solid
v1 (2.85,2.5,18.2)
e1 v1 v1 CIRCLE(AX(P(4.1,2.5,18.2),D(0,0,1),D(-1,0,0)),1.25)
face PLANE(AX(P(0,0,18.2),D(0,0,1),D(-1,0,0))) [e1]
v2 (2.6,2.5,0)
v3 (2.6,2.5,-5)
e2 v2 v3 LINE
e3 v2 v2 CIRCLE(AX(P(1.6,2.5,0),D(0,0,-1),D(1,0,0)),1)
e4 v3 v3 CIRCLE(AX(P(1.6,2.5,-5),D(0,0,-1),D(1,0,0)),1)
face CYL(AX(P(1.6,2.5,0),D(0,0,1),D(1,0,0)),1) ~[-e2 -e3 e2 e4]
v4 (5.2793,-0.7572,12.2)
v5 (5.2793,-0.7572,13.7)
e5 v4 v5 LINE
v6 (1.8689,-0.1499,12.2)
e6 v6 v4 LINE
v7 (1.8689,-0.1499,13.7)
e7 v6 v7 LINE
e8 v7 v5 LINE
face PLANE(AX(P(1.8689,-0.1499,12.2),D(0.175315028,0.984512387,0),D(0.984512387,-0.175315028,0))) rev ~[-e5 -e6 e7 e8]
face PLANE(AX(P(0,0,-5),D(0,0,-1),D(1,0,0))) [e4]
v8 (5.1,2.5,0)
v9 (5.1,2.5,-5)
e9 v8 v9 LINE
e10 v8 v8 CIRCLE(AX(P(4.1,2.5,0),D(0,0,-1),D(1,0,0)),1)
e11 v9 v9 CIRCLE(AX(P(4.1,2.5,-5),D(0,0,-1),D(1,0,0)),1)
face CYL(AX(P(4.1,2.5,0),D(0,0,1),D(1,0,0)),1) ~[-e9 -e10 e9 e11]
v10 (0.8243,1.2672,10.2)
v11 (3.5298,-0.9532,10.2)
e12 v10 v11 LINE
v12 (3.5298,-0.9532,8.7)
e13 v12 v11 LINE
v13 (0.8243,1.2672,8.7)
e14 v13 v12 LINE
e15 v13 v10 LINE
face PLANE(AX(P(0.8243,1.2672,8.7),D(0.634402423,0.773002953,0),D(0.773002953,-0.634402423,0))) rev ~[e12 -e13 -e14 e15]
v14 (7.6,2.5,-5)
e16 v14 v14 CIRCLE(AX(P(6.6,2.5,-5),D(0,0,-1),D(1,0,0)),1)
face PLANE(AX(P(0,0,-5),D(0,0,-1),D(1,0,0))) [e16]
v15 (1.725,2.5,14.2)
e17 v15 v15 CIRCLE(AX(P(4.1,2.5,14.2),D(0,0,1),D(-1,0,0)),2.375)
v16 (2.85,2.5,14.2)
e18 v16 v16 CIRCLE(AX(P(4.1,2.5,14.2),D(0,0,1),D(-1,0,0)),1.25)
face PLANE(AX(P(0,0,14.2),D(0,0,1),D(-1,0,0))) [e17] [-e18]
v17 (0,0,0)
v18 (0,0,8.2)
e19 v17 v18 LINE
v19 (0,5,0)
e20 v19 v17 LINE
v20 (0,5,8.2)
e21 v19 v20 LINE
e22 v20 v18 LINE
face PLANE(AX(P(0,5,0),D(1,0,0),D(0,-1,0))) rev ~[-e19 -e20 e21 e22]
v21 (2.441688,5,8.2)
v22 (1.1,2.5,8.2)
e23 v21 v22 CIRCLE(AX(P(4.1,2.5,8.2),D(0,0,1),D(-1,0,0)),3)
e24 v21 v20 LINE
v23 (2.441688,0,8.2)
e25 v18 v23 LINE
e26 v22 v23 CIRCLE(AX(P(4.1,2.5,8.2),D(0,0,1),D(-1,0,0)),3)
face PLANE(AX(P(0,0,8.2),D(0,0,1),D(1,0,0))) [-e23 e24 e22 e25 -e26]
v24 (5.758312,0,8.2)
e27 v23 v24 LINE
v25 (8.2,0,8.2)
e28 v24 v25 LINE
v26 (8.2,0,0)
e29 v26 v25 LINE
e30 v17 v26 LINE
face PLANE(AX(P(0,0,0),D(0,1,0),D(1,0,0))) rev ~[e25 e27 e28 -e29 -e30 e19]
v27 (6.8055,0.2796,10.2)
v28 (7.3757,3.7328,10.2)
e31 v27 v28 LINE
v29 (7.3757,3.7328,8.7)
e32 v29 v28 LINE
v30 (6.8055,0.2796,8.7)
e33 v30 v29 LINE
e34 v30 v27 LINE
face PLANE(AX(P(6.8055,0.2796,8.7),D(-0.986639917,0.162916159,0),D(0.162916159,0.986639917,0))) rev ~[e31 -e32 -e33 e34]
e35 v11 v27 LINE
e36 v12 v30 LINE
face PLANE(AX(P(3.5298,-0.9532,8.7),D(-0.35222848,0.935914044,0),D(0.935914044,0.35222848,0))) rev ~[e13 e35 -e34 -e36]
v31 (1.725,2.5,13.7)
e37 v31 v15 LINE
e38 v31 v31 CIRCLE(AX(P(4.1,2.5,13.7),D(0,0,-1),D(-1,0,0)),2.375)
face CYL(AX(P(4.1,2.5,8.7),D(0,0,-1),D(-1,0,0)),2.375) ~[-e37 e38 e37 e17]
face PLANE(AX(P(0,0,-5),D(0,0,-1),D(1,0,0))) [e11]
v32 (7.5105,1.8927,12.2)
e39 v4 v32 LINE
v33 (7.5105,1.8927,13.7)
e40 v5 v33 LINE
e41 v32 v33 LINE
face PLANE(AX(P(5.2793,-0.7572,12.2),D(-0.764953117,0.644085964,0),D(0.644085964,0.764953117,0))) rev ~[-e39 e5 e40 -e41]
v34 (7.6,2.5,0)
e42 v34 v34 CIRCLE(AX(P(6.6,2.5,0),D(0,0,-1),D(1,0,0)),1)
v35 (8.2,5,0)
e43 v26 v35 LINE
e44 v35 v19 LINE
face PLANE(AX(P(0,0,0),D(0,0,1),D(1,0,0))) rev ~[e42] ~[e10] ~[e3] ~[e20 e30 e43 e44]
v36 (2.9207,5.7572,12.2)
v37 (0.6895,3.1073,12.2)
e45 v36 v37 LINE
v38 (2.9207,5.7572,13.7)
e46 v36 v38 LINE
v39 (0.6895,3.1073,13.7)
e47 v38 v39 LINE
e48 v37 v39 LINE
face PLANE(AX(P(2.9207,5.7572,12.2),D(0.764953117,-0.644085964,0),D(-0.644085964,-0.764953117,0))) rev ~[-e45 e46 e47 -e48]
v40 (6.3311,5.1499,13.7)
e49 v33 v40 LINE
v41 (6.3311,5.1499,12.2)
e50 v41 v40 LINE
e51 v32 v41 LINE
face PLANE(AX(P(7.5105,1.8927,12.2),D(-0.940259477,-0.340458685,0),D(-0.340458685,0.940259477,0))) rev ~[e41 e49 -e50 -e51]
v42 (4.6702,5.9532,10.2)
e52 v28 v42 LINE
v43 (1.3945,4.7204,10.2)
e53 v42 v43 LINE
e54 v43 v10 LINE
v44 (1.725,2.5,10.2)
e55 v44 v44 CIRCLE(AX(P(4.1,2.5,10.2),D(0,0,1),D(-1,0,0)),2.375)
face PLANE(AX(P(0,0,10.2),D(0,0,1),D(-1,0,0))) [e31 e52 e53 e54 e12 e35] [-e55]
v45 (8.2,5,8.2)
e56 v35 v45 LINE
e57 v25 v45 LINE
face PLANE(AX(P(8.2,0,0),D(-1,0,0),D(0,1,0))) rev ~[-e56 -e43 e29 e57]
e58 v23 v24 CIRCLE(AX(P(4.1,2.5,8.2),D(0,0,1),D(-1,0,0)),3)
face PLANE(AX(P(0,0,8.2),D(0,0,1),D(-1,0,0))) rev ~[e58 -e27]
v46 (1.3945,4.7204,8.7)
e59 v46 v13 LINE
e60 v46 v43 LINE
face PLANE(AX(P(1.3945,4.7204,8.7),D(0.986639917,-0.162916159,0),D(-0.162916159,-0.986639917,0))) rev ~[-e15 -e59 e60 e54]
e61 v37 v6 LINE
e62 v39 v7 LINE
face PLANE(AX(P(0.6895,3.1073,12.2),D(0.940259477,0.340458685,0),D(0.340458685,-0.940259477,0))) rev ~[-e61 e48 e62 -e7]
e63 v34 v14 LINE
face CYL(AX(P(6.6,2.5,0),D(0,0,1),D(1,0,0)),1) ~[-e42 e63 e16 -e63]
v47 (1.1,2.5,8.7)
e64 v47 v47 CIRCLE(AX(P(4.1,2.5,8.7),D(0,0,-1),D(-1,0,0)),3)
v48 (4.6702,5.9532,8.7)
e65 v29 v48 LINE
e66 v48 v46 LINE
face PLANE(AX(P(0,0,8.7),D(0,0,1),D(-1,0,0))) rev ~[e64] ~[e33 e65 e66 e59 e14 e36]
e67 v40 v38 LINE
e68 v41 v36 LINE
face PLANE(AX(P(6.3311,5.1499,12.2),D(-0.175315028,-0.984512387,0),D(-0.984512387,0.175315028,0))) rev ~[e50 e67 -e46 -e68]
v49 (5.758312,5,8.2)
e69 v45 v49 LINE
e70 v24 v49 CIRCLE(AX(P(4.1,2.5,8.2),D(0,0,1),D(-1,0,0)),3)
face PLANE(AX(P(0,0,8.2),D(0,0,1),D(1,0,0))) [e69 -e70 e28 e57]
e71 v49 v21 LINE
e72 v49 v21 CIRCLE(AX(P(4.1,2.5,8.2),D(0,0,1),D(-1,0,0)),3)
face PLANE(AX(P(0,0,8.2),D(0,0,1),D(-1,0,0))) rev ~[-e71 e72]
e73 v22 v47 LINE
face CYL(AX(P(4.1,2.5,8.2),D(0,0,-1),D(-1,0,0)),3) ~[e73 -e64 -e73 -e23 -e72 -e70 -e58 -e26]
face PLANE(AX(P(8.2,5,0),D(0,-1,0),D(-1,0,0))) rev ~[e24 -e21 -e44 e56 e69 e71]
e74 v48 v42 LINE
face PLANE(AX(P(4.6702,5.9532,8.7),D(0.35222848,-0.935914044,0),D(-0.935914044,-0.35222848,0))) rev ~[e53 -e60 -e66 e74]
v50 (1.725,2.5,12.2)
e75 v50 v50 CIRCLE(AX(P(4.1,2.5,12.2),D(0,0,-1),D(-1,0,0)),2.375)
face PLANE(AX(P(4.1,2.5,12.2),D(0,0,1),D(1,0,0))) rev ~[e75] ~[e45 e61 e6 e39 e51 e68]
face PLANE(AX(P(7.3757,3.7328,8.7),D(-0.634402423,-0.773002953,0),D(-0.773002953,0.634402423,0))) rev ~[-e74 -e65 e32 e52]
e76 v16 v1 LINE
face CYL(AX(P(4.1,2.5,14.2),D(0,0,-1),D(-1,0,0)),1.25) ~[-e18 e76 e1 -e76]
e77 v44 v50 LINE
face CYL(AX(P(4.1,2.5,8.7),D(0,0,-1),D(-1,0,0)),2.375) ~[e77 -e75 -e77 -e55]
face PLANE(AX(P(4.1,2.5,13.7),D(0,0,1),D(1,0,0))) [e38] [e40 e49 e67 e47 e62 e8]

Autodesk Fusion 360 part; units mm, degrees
sketch "Skizze1" plane through (0, 0, 0) normal (0, 0, 1) x (1, 0, 0)
  line L0 (0, 0) -> (8.2, 0)
  line L1 (8.2, 0) -> (8.2, 5)
  line L2 (8.2, 5) -> (0, 5)
  line L3 (0, 5) -> (0, 0)
  dimension "d1" = 8.2
  dimension "d2" = 5
extrude "Extrusion1" add sketch "Skizze1" along normal blind 8.2
sketch "Skizze2" plane through (0, 0, 8.2) normal (0, 0, 1) x (-1, 0, 0)
  line L0 (0, -5) -> (0, 0)
  line L1 (0, 0) -> (-8.2, 0)
  line L2 (-8.2, 0) -> (-8.2, -5)
  line L3 (-8.2, -5) -> (0, -5)
  circle A0 centre (-4.1, -2.5) radius 3
  dimension "d5" = 6
  dimension "d6" = 2.5
  dimension "d38" = 4.1
extrude "Extrusion2" add sketch "Skizze2" along normal blind 0.5 contours L3 A0 | L1 L3 A0 | L1 A0
sketch "Skizze3" plane through (0, 0, 8.7) normal (0, 0, 1) x (-1, 0, 0)
  circle A0 centre (-4.1, -2.5) radius 3
  circle A1 centre (-4.1, -2.5) radius 2.375
  dimension "d9" = 4.75
extrude "Extrusion3" add sketch "Skizze3" along normal blind 5.5 contours A1
sketch "Skizze4" plane through (0, 0, 14.2) normal (0, 0, 1) x (-1, 0, 0)
  circle A0 centre (-4.1, -2.5) radius 2.375
  circle A1 centre (-4.1, -2.5) radius 1.25
  dimension "d12" = 2.5
sketch "Skizze5" plane through (0, 0, 0) normal (0, 0, -1) x (1, 0, 0)
  line L0 (0, 0) -> (0, -5)
  line L1 (0, -5) -> (8.2, -5)
  line L2 (8.2, -5) -> (8.2, 0)
  line L3 (8.2, 0) -> (0, 0)
  circle A0 centre (4.1, -2.5) radius 1
  circle A1 centre (6.6, -2.5) radius 1
  circle A2 centre (1.6, -2.5) radius 1
  dimension "d17" = 2
  dimension "d18" = 2.5
  dimension "d21" = 2.5
  dimension "d22" = 0
  dimension "d25" = -2.5
  dimension "d26" = 0
  dimension "d39" = 4.1
extrude "Extrusion5" add sketch "Skizze5" along normal blind 5 contours A0 | A1 | A2
sketch "Skizze6" plane through (0, 0, 8.7) normal (0, 0, 1) x (-1, 0, 0)
  circle A0 centre (-4.1, -2.5) radius 2.375
  circle A1 centre (-4.1, -2.5) radius 3
  line L0 (-7.3757, -3.7328) -> (-4.6702, -5.9532)
  line L1 (-4.6702, -5.9532) -> (-1.3945, -4.7204)
  line L2 (-1.3945, -4.7204) -> (-0.8243, -1.2672)
  line L3 (-0.8243, -1.2672) -> (-3.5298, 0.9532)
  line L4 (-3.5298, 0.9532) -> (-6.8055, -0.2796)
  line L5 (-6.8055, -0.2796) -> (-7.3757, -3.7328)
  point P0 (-4.1, -2.5)
  dimension "d29" = 3.5
extrude "Extrusion6" add sketch "Skizze6" along normal blind 1.5 contours A1 | L0 L1 L2 L3 L4 L5
extrude "Extrusion7" add sketch "Skizze4" along normal blind 4 contours A1
ref_plane "Arbeitsebene1" through (4.1, 2.5, 12.2) normal (0, 0, 1) x (-1, 0, 0)
sketch "Skizze8" plane through (4.1, 2.5, 12.2) normal (0, 0, 1) x (1, 0, 0)
  line L0 (-1.1793, 3.2572) -> (-3.4105, 0.6073)
  line L1 (-3.4105, 0.6073) -> (-2.2311, -2.6499)
  line L2 (-2.2311, -2.6499) -> (1.1793, -3.2572)
  line L3 (1.1793, -3.2572) -> (3.4105, -0.6073)
  line L4 (3.4105, -0.6073) -> (2.2311, 2.6499)
  line L5 (2.2311, 2.6499) -> (-1.1793, 3.2572)
  dimension "d40" = 3
extrude "Extrusion9" add sketch "Skizze8" along normal blind 1.5
